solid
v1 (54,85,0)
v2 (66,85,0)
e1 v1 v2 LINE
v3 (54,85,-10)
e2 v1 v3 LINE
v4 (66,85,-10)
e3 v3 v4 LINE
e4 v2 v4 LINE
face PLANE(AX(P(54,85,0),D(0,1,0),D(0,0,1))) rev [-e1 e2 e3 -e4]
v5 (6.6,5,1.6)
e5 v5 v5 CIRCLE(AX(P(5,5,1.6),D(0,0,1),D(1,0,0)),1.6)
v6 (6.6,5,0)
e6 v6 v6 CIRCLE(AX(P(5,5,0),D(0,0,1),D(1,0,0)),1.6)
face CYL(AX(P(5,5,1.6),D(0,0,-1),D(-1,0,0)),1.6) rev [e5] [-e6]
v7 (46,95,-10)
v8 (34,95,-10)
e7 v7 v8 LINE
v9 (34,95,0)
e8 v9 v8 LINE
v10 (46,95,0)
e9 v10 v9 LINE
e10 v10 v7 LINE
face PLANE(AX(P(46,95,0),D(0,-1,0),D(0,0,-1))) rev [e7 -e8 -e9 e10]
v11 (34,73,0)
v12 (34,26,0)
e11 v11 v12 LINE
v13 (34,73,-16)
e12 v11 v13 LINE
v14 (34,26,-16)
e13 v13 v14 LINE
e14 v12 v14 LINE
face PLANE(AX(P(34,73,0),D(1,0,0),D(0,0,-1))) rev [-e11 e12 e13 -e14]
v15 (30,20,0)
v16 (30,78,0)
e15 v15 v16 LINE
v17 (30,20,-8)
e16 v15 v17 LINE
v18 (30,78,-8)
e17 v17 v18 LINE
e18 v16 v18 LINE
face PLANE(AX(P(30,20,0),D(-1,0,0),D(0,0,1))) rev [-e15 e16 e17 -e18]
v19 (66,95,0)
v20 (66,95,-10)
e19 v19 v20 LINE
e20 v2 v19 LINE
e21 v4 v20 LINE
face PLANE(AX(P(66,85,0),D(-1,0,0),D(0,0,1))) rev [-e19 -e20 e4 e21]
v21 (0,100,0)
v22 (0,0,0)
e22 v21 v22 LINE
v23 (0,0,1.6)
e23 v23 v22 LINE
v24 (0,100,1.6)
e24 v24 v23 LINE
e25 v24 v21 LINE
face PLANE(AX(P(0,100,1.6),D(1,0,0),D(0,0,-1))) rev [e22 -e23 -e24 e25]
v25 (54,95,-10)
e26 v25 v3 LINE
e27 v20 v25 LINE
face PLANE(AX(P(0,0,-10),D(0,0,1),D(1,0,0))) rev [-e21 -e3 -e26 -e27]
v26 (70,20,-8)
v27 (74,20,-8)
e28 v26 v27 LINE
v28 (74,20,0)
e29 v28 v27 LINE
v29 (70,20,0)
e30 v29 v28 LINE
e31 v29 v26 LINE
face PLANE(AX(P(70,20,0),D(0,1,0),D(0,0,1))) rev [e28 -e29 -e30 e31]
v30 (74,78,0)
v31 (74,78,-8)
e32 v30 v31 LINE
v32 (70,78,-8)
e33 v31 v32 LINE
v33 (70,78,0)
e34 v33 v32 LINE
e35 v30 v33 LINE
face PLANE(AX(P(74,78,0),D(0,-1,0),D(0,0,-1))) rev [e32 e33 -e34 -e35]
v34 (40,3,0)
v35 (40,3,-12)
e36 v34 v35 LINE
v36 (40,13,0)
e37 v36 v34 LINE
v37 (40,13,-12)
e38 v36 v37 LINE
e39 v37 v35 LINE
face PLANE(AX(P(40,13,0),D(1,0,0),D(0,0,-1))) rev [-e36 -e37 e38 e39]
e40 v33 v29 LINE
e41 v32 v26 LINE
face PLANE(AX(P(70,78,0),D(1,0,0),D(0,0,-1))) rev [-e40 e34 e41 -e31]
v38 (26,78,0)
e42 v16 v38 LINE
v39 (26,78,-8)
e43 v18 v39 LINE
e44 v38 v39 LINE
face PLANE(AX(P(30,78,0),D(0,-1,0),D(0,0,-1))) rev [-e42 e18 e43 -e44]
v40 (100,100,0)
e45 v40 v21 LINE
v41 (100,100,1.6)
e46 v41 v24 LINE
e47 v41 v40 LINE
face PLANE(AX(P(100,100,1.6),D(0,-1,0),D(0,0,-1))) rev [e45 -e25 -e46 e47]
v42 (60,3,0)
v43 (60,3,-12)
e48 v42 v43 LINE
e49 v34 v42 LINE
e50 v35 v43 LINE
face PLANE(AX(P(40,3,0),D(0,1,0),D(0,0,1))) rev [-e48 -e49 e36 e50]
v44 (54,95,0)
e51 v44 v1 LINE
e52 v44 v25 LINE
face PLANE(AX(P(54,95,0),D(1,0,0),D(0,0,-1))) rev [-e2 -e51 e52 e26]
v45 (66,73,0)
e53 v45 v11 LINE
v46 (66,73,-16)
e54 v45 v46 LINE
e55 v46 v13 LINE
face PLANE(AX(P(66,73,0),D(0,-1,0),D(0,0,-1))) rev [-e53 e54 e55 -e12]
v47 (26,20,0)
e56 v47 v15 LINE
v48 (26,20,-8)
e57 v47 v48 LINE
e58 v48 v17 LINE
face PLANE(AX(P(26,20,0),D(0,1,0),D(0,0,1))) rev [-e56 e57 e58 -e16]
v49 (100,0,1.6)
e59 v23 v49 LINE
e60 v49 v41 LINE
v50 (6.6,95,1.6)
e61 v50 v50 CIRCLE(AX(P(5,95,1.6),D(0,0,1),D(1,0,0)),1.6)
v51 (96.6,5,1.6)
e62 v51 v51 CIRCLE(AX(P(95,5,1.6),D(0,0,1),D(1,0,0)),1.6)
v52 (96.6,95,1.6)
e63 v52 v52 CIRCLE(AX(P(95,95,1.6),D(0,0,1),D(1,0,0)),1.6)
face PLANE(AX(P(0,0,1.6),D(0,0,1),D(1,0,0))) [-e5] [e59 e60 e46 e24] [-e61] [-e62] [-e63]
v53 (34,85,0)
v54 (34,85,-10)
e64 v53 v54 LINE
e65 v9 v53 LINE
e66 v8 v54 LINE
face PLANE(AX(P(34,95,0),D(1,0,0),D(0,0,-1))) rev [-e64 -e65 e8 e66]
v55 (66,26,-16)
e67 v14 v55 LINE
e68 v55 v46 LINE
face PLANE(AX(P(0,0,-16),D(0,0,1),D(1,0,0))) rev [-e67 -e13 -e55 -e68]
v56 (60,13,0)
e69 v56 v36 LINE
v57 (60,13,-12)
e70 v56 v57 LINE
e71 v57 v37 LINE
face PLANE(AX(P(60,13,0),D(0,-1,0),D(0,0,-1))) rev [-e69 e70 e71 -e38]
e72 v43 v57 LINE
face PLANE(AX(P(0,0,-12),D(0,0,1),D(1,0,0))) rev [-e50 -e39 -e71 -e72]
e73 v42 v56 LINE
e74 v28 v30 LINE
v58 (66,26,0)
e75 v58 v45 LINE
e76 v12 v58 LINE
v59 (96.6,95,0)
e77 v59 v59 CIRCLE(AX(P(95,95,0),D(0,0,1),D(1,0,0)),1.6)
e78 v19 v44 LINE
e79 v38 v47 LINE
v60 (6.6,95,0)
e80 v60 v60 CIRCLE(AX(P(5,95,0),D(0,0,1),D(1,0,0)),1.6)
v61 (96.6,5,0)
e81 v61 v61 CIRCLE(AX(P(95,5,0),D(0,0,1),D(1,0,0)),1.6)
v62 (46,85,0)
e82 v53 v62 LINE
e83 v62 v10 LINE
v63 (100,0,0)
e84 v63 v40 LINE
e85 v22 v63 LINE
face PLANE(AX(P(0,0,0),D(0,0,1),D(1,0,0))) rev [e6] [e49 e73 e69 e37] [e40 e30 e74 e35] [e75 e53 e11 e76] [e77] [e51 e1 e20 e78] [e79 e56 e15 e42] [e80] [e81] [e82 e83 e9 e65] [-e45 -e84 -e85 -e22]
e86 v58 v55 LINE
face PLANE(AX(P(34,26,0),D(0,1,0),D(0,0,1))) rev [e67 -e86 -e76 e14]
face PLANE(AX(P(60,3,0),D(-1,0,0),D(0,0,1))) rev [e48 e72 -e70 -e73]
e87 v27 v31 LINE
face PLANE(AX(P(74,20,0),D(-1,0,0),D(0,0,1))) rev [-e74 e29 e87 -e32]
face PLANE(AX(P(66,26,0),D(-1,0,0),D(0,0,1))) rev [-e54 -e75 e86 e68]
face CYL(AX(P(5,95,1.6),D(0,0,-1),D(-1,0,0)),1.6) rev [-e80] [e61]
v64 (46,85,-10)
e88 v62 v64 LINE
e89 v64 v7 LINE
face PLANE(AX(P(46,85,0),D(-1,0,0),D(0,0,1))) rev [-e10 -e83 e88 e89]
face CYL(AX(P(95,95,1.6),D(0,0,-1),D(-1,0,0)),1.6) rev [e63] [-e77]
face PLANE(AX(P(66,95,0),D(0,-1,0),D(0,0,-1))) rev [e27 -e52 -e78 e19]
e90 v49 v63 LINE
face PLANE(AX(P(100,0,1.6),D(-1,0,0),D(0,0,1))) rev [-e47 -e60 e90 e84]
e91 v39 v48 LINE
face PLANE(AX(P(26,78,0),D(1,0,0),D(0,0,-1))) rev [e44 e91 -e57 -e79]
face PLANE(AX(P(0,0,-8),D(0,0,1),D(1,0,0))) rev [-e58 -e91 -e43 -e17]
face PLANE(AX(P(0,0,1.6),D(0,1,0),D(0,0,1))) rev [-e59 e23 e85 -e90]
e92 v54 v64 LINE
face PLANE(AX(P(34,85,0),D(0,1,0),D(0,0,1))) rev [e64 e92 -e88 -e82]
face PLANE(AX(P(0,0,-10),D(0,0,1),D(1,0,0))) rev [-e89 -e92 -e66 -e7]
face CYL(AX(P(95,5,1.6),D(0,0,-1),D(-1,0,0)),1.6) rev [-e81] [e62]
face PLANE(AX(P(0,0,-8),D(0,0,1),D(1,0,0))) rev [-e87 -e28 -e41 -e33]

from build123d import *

# Parameters (mm, degrees)
SKETCH_1_W          = 100
SKETCH_1_H          = 100
SKETCH_1_R          = 1.6
F_100X100_1P6_DEPTH = 1.6
EXTRUDE_START       = -8
SKETCH_2_W          = 4
SKETCH_2_H          = 58
EXTRUDE_284_DEPTH   = 8
SKETCH_3_W          = 4
SKETCH_3_H          = 58
EXTRUDE_361_DEPTH   = 8
EXTRUDE_START_2     = -16
SKETCH_4_W          = 32
SKETCH_4_H          = 47
EXTRUDE_435_DEPTH   = 16
EXTRUDE_START_3     = -12
SKETCH_5_W          = 20
SKETCH_5_H          = 10
EXTRUDE_509_DEPTH   = 12
EXTRUDE_START_4     = -10
SKETCH_6_W          = 12
SKETCH_6_H          = 10
EXTRUDE_583_DEPTH   = 10
SKETCH_7_W          = 12
SKETCH_7_H          = 10
EXTRUDE_657_DEPTH   = 10


with BuildPart() as part:
    # 草图1 → 100x100_板厚1p6 (new body)
    with BuildSketch(Plane.XY):
        with Locations((50, 50)):
            Rectangle(SKETCH_1_W, SKETCH_1_H)
        with Locations((5, 5)):
            Circle(SKETCH_1_R, mode=Mode.SUBTRACT)
        with Locations((95, 5)):
            Circle(SKETCH_1_R, mode=Mode.SUBTRACT)
        with Locations((5, 95)):
            Circle(SKETCH_1_R, mode=Mode.SUBTRACT)
        with Locations((95, 95)):
            Circle(SKETCH_1_R, mode=Mode.SUBTRACT)
    extrude(amount=F_100X100_1P6_DEPTH)

    # 草图2 → Extrude 284 (add)
    with BuildSketch(Plane.XY.offset(EXTRUDE_START)):
        with Locations((28, 49)):
            Rectangle(SKETCH_2_W, SKETCH_2_H)
    extrude(amount=EXTRUDE_284_DEPTH)

    # 草图3 → Extrude 361 (add)
    with BuildSketch(Plane.XY.offset(EXTRUDE_START)):
        with Locations((72, 49)):
            Rectangle(SKETCH_3_W, SKETCH_3_H)
    extrude(amount=EXTRUDE_361_DEPTH)

    # 草图4 → Extrude 435 (add)
    with BuildSketch(Plane.XY.offset(EXTRUDE_START_2)):
        with Locations((50, 49.5)):
            Rectangle(SKETCH_4_W, SKETCH_4_H)
    extrude(amount=EXTRUDE_435_DEPTH)

    # 草图5 → Extrude 509 (add)
    with BuildSketch(Plane.XY.offset(EXTRUDE_START_3)):
        with Locations((50, 8)):
            Rectangle(SKETCH_5_W, SKETCH_5_H)
    extrude(amount=EXTRUDE_509_DEPTH)

    # 草图6 → Extrude 583 (add)
    with BuildSketch(Plane.XY.offset(EXTRUDE_START_4)):
        with Locations((40, 90)):
            Rectangle(SKETCH_6_W, SKETCH_6_H)
    extrude(amount=EXTRUDE_583_DEPTH)

    # 草图7 → Extrude 657 (add)
    with BuildSketch(Plane.XY.offset(EXTRUDE_START_4)):
        with Locations((60, 90)):
            Rectangle(SKETCH_7_W, SKETCH_7_H)
    extrude(amount=EXTRUDE_657_DEPTH)


solid = part.part
